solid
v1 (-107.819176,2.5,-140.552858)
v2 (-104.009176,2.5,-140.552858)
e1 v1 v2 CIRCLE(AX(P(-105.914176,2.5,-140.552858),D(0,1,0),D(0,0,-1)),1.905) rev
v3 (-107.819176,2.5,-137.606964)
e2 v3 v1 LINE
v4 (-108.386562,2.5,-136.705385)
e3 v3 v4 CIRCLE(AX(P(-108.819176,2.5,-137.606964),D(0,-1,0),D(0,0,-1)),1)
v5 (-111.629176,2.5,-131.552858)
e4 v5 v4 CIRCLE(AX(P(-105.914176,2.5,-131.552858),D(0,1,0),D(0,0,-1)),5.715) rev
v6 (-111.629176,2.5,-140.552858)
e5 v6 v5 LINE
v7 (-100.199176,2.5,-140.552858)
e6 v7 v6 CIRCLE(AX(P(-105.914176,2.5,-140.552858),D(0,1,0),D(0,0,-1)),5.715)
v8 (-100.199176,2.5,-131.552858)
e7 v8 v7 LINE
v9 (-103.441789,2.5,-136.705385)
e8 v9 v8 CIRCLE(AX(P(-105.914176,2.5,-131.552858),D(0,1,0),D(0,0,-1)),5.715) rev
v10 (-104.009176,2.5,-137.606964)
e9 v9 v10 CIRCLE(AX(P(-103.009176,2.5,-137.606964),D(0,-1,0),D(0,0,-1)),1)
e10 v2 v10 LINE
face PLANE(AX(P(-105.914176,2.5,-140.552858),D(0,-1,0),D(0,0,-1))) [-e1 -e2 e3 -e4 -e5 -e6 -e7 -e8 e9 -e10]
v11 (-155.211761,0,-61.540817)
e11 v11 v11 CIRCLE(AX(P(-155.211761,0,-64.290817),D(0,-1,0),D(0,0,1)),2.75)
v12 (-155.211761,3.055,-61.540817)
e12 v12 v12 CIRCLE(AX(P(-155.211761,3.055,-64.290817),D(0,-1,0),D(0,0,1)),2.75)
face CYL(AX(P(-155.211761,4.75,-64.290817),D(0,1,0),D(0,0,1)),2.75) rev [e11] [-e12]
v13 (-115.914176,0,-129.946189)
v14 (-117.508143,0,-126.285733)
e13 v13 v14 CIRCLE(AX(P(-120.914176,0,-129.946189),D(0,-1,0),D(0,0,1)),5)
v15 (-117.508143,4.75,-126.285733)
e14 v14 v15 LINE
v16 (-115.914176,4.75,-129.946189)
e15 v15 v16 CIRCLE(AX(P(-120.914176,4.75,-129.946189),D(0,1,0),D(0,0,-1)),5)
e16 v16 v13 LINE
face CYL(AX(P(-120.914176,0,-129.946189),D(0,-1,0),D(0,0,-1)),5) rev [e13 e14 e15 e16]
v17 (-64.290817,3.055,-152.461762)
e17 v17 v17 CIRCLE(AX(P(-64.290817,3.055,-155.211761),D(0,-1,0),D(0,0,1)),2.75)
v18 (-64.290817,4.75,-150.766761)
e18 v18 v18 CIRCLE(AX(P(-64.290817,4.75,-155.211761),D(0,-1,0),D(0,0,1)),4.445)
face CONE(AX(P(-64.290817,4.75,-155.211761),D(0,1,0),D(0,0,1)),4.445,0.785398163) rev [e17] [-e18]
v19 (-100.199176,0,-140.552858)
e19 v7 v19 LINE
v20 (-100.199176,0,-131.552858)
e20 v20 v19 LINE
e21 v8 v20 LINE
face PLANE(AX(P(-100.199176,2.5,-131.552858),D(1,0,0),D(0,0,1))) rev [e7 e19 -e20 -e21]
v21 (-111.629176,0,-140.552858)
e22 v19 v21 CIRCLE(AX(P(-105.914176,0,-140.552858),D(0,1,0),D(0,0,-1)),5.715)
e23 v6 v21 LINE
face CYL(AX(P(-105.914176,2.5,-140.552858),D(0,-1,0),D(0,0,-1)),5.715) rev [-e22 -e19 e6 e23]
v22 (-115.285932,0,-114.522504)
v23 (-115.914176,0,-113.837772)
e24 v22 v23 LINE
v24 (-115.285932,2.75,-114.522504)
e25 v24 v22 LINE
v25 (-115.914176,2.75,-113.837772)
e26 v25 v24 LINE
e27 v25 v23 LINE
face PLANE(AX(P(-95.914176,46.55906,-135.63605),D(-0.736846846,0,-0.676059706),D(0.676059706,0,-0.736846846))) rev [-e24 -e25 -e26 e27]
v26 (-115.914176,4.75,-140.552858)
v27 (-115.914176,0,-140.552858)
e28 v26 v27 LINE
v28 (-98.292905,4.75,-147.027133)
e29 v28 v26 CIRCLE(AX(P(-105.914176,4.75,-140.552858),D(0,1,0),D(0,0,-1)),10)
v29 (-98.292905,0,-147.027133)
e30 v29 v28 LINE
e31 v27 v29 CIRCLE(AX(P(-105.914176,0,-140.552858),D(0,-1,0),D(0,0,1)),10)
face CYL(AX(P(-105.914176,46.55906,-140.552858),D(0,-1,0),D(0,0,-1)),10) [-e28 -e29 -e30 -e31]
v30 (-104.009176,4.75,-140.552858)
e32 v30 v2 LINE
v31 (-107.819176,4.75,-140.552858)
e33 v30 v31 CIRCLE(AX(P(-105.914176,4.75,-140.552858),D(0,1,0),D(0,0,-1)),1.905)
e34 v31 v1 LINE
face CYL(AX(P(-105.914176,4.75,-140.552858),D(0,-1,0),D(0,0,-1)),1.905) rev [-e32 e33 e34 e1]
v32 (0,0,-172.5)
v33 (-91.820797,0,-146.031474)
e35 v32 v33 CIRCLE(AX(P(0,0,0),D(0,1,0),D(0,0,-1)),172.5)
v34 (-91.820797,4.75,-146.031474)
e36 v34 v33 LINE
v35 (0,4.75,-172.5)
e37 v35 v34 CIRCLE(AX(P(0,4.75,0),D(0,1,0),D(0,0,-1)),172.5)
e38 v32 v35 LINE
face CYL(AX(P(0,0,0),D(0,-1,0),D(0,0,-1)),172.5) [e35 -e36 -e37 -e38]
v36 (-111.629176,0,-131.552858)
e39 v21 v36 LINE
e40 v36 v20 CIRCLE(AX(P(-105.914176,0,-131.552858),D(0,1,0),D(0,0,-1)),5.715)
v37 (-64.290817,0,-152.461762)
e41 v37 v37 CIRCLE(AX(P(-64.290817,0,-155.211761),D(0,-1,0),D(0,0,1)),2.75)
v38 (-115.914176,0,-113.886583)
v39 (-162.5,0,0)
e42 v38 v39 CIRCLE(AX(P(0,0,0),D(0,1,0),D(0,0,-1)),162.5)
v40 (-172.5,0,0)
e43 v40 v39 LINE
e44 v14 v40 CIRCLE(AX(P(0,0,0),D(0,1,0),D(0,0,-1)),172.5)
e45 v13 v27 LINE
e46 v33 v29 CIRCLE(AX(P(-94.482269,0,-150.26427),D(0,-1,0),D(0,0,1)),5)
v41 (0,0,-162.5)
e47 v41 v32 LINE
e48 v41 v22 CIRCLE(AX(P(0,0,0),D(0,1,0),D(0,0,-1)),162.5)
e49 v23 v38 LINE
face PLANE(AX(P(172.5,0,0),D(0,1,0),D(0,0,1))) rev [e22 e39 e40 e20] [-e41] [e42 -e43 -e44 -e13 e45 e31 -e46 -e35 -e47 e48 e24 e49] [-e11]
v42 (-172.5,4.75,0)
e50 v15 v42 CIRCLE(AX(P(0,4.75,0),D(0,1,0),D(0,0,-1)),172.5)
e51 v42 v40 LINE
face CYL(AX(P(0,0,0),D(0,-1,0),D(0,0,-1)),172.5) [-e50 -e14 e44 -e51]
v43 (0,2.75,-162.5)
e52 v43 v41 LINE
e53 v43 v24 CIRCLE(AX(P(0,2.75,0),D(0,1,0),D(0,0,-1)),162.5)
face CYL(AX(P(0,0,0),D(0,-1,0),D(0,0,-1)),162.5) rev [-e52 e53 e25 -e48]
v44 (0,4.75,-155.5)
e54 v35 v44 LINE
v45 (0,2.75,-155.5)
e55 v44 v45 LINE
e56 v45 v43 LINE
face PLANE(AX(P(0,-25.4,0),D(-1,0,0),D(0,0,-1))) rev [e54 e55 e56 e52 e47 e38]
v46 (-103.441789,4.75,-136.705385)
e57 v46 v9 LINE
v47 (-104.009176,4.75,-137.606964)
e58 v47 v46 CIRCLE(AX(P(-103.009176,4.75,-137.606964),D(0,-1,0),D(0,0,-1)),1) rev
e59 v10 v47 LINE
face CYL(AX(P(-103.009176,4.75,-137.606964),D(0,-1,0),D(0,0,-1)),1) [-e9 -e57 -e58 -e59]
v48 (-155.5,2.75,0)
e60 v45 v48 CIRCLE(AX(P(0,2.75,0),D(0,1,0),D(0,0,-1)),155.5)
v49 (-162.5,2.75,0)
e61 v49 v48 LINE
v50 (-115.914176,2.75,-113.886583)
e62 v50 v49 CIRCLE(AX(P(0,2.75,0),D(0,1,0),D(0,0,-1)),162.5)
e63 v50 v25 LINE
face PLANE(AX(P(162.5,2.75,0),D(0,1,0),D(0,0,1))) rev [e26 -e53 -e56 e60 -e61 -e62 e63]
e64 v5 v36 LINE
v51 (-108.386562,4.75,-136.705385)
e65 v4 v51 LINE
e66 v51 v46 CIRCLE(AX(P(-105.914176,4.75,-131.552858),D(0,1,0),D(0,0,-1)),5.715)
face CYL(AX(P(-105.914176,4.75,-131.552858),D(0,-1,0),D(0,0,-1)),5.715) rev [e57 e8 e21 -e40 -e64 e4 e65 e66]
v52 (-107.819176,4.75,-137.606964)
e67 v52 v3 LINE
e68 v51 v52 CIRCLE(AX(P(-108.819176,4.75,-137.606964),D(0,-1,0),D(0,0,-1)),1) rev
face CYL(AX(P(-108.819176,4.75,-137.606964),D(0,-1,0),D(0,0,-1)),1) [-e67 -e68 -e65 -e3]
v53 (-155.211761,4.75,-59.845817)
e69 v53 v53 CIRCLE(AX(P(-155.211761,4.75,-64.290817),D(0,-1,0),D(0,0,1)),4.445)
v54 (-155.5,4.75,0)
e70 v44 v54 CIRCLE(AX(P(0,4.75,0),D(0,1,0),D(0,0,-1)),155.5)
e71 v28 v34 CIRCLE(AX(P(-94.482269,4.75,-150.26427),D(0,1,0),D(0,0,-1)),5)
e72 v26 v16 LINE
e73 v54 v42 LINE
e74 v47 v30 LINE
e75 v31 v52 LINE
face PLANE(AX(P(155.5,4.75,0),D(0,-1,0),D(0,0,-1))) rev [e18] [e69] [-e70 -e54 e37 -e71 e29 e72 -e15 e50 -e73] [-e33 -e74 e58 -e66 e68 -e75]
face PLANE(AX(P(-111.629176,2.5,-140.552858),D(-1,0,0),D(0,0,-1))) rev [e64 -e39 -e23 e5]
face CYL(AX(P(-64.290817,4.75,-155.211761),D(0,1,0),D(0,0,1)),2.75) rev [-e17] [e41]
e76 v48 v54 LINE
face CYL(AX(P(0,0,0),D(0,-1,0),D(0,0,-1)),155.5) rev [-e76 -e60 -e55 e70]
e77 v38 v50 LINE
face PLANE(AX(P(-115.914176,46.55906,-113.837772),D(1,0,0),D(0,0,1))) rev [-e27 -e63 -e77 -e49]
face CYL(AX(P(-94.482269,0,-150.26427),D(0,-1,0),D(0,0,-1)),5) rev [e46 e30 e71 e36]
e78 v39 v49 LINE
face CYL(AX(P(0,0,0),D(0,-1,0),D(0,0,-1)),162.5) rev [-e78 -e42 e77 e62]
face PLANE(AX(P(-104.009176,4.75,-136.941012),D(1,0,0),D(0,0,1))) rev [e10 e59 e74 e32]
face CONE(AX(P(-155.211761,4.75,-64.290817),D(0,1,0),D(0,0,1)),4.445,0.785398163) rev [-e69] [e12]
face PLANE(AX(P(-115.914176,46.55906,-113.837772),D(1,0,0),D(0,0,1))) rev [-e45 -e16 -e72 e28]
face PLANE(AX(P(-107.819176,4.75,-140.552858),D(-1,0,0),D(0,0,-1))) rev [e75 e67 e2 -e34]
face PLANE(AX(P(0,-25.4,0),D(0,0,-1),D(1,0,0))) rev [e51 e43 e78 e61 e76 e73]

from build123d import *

# Parameters (mm, degrees)
CUT_EXTRUDE2_DEPTH                   = 25.4
F_6_0_204_DIAMETER_HOLE1_D           = 5.499999922
F_6_0_204_DIAMETER_HOLE1_CSINK_D     = 8.89
F_6_0_204_DIAMETER_HOLE1_CSINK_ANGLE = 90
BOSS_EXTRUDE2_REACH                  = 245.998
CUT_EXTRUDE3_DEPTH                   = 244.998078886
CUT_EXTRUDE4_DEPTH                   = 2.5
FILLET1_R                            = 5
FILLET3_R                            = 1


with BuildPart() as part:
    # Sketch1 → Revolve1 (revolve)
    with BuildSketch(Plane.XY, mode=Mode.PRIVATE) as revolve1_sk:
        Polygon((-162.5, 0), (-162.5, 2.75), (-155.5, 2.75), (-155.5, 4.75), (-172.5, 4.75), (-172.5, 0), align=None)
    revolve(revolve1_sk.sketch.rotate(Axis((0, 0, 0), (0, 1, 0)), 270), axis=Axis((0, 0, 0), (0, 1, 0)))

    # Sketch5 → Cut-Extrude2 (cut, symmetric)
    with BuildSketch(Plane(origin=(0, 0, 0), x_dir=(1, 0, 0), z_dir=(0, 1, 0))):
        with BuildLine():
            Line((0, 0), (0, 184.517203458))
            ThreePointArc((0, 184.517203458), (-130.473365811, -130.473365811), (184.517203458, 0))
            Line((184.517203458, 0), (0, 0))
        make_face()
    extrude(amount=CUT_EXTRUDE2_DEPTH, both=True, mode=Mode.SUBTRACT)

    # #6 (0.204) Diameter Hole1 (through all)
    with Locations(Plane(origin=(0, 4.75, 0), x_dir=(1, 0, 0), z_dir=(0, 1, 0))):
        with Locations((155.211761462, 64.290816637), (64.290816637, 155.211761462)):
            CounterSinkHole(F_6_0_204_DIAMETER_HOLE1_D / 2, F_6_0_204_DIAMETER_HOLE1_CSINK_D / 2, counter_sink_angle=F_6_0_204_DIAMETER_HOLE1_CSINK_ANGLE)

    # Boss-Extrude2: up to this face of the body (flat: up to its plane)
    boss_extrude2_end = Plane(part.part.faces().sort_by_distance((111.680104475, 4.75, -111.680104475))[0])
    # Sketch13 → Boss-Extrude2 (add, up to the picked face)
    with BuildSketch(Plane(origin=(0, 0, 0), x_dir=(1, 0, 0), z_dir=(0, 1, 0)), mode=Mode.PRIVATE) as boss_extrude2_sk1:
        with BuildLine():
            Line((115.914175626, 113.837772395), (115.914175626, 140.5528583))
            ThreePointArc((115.914175626, 140.5528583), (105.914175626, 150.5528583), (95.914175626, 140.5528583))
            Line((95.914175626, 140.5528583), (95.914175626, 135.636049675))
            Line((95.914175626, 135.636049675), (115.914175626, 113.837772395))
        make_face()
    boss_extrude2_tool1 = split(extrude(boss_extrude2_sk1.sketch, amount=BOSS_EXTRUDE2_REACH, mode=Mode.PRIVATE), bisect_by=boss_extrude2_end, keep=Keep.BOTH, mode=Mode.PRIVATE)
    add(boss_extrude2_tool1.solids().sort_by(Axis((107.449054, 0, -135.840664), (0, 1, 0)))[0])

    # Sketch8 → Cut-Extrude3 (cut, through all)
    with BuildSketch(Plane.XZ):
        with BuildLine():
            Line((104.009175626, -136.941011973), (104.009175626, -140.5528583))
            ThreePointArc((104.009175626, -140.5528583), (105.914175626, -142.4578583), (107.819175626, -140.5528583))
            Line((107.819175626, -140.5528583), (107.819175626, -136.941011973))
            ThreePointArc((107.819175626, -136.941011973), (105.914175626, -125.8378583), (104.009175626, -136.941011973))
        make_face()
    extrude(amount=-CUT_EXTRUDE3_DEPTH, mode=Mode.SUBTRACT)

    # Sketch9 → Cut-Extrude4 (cut)
    with BuildSketch(Plane.XZ):
        with BuildLine():
            Line((111.629175626, -140.5528583), (111.629175626, -131.5528583))
            ThreePointArc((111.629175626, -131.5528583), (105.914175626, -125.8378583), (100.199175626, -131.5528583))
            Line((100.199175626, -131.5528583), (100.199175626, -140.5528583))
            ThreePointArc((100.199175626, -140.5528583), (105.914175626, -146.2678583), (111.629175626, -140.5528583))
        make_face()
    extrude(amount=-CUT_EXTRUDE4_DEPTH, mode=Mode.SUBTRACT)

    # Fillet1
    fillet1_edges = [part.edges().sort_by_distance(p)[0] for p in [
        (115.914175626, 2.375, -127.750357687),
        (96.256410587, 2.375, -143.146615122),
    ]]
    fillet(fillet1_edges, radius=FILLET1_R)


with BuildPart() as body_2:
    # Mirror1: mirrored copy
    add(part.part.mirror(Plane(origin=(0, 0, 0), x_dir=(0, 0, 1), z_dir=(1, 0, 0))))

    # Fillet3
    fillet3_edges = [body_2.edges().sort_by_distance(p)[0] for p in [
        (-104.009175626, 3.625, -136.941011973),
        (-107.819175626, 3.625, -136.941011973),
    ]]
    fillet(fillet3_edges, radius=FILLET3_R)


solid = body_2.part
